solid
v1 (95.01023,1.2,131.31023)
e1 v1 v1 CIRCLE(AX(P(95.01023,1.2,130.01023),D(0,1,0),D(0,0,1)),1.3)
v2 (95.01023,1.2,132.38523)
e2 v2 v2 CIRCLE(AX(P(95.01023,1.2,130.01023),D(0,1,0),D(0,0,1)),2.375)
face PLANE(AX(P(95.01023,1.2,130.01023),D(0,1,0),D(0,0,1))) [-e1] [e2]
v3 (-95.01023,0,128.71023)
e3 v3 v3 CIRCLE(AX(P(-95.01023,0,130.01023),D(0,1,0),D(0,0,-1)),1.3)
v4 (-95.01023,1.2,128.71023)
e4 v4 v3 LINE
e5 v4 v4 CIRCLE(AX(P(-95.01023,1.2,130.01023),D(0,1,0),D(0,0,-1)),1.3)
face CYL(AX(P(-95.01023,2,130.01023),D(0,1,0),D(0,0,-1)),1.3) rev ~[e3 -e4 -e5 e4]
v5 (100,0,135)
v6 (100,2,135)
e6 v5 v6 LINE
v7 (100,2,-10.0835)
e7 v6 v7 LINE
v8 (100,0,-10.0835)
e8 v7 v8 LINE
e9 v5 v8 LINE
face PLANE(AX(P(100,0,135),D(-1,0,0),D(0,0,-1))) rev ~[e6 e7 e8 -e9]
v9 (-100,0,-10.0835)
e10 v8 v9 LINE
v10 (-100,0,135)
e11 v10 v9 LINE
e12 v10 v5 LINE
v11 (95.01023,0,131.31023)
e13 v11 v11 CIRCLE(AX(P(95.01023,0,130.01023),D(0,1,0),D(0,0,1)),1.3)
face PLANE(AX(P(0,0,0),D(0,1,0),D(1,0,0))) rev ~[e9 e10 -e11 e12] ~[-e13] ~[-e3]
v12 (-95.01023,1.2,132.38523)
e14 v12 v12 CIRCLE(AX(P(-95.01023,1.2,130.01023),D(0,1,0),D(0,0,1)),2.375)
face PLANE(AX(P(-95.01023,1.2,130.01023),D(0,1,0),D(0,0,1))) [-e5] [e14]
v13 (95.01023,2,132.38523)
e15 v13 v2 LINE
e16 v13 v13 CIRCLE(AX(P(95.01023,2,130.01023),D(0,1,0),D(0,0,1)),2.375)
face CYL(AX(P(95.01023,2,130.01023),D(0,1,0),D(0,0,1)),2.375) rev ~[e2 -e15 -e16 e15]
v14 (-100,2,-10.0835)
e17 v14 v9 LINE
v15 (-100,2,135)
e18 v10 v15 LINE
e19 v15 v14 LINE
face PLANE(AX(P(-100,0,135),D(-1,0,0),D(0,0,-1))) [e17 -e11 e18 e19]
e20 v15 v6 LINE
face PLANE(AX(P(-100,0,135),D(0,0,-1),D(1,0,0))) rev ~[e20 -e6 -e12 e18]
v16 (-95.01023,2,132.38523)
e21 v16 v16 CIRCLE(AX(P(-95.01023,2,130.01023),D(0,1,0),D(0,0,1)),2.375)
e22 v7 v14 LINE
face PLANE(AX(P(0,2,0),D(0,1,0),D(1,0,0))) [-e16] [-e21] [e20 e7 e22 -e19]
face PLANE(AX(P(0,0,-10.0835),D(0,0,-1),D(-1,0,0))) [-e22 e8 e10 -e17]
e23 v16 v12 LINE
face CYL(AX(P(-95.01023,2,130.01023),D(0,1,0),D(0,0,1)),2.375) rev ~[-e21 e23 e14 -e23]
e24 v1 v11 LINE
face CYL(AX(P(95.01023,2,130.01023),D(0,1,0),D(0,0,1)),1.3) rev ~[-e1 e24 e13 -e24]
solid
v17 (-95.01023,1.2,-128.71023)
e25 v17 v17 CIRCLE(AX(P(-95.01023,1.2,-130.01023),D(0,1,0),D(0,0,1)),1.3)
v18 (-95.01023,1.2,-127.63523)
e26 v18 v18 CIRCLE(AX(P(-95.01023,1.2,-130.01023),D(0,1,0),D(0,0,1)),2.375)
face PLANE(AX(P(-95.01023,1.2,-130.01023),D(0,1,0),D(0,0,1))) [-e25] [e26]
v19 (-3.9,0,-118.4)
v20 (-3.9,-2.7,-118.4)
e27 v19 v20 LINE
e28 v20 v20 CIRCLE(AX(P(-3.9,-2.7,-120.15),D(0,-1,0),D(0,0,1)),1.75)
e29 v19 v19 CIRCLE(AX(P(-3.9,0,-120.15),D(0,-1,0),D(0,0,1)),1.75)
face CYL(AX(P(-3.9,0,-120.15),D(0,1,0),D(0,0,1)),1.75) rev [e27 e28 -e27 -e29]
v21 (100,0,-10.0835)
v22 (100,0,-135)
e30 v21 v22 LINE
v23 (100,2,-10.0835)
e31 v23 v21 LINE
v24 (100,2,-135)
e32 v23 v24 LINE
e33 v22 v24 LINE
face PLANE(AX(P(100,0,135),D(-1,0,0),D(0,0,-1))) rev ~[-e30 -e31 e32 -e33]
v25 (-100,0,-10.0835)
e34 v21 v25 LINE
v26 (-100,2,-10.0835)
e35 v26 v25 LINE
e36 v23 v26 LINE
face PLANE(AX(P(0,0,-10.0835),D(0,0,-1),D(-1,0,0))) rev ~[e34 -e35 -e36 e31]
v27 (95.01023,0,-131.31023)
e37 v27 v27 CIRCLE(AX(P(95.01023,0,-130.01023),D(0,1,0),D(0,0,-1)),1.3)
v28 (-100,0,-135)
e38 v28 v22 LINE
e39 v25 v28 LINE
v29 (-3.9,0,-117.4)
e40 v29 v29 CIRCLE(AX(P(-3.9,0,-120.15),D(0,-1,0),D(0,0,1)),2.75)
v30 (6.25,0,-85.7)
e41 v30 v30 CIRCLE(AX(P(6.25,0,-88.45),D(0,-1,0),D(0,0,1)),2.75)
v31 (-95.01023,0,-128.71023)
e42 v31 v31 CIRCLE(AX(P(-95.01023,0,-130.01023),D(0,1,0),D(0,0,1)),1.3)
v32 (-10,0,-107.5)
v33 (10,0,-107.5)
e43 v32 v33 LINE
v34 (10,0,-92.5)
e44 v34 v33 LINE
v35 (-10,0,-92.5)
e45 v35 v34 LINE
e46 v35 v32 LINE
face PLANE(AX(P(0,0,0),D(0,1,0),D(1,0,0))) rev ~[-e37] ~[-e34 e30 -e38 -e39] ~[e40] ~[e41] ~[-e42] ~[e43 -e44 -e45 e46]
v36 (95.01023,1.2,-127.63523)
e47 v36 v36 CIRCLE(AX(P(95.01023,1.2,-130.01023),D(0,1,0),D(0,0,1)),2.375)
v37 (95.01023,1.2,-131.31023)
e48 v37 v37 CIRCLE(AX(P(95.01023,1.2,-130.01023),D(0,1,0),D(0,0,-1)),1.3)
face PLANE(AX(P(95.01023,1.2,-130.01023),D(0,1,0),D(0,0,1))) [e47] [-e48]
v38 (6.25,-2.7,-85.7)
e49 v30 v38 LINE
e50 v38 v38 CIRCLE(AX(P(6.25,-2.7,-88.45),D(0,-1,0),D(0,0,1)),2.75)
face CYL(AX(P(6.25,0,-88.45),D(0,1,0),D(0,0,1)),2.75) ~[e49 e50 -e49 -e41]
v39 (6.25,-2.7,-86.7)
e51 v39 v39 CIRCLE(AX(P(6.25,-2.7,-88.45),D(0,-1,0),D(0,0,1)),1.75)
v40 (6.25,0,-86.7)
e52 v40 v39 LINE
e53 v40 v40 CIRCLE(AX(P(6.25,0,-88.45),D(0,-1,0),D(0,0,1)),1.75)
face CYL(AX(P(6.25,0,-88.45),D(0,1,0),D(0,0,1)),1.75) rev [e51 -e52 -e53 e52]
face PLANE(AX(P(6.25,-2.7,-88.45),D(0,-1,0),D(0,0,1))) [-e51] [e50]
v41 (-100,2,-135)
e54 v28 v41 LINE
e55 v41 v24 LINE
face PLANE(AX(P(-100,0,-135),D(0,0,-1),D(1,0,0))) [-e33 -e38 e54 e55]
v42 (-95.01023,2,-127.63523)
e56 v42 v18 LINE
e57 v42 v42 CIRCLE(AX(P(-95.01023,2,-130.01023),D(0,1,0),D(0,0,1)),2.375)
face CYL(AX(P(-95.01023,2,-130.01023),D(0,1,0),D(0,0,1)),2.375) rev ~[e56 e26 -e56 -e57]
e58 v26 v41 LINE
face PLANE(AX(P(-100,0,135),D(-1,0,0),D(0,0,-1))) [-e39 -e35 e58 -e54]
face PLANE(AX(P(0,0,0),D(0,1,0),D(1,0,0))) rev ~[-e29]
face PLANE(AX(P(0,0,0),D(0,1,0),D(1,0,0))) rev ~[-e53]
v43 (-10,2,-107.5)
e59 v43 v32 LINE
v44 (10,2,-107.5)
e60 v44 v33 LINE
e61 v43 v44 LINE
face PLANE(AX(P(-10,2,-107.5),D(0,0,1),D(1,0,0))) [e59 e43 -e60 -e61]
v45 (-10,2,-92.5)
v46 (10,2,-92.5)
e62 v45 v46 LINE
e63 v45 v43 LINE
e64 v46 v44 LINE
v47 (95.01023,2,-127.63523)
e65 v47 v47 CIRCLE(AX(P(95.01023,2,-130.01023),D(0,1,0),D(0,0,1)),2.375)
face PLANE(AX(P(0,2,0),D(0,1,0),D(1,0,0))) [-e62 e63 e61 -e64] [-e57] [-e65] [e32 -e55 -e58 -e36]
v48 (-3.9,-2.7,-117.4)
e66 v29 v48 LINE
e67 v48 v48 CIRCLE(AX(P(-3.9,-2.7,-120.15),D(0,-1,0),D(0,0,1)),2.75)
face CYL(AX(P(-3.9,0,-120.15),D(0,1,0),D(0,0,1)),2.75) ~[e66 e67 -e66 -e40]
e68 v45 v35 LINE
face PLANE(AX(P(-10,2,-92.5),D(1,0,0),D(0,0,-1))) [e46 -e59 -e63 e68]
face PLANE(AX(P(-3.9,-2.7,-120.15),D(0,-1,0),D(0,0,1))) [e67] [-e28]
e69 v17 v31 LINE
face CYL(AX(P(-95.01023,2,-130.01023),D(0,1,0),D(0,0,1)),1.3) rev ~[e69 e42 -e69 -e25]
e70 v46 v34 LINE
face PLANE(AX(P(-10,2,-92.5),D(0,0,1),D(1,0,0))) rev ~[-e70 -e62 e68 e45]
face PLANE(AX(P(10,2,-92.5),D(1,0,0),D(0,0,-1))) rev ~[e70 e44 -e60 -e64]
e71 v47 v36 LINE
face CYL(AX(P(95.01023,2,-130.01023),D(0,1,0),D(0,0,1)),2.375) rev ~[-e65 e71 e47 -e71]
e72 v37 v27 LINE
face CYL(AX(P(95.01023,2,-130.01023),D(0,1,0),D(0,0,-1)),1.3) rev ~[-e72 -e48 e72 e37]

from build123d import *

# Parameters (mm, degrees)
SKETCH_1_W          = 200
SKETCH_1_H          = 270
EXTRUDE_1_DEPTH     = 2
SKETCH_2_R          = 1.3
CUT_EXTRUDE_1_DEPTH = 169.014880293
SKETCH_3_R          = 2.375
CUT_EXTRUDE_2_DEPTH = 0.8
SKETCH_4_W          = 20
SKETCH_4_H          = 15
CUT_EXTRUDE_3_DEPTH = 169.014880293
SKETCH_5_R          = 2.75
SKETCH_5_R_2        = 1.75
EXTRUDE_2_DEPTH     = 2.7


with BuildPart() as part:
    # Эскиз1 → Бобышка-Вытянуть1 (new body)
    with BuildSketch(Plane(origin=(0, 0, 0), x_dir=(1, 0, 0), z_dir=(0, 1, 0))):
        Rectangle(SKETCH_1_W, SKETCH_1_H)
    extrude(amount=EXTRUDE_1_DEPTH)

    # Эскиз2 → Вырез-Вытянуть1 (cut, through all)
    with BuildSketch(Plane(origin=(0, 2, 0), x_dir=(1, 0, 0), z_dir=(0, 1, 0))):
        with Locations(Location((-95.01023, 130.01023, 0), (0, 0, 270))):
            Circle(SKETCH_2_R)
        with Locations(Location((95.01023, 130.01023, 0), (0, 0, 90))):
            Circle(SKETCH_2_R)
        with Locations(Location((95.01023, -130.01023, 0), (0, 0, 270))):
            Circle(SKETCH_2_R)
        with Locations(Location((-95.01023, -130.01023, 0), (0, 0, 90))):
            Circle(SKETCH_2_R)
    extrude(amount=-CUT_EXTRUDE_1_DEPTH, mode=Mode.SUBTRACT)

    # Эскиз3 → Вырез-Вытянуть2 (cut)
    with BuildSketch(Plane(origin=(0, 2, 0), x_dir=(1, 0, 0), z_dir=(0, 1, 0))):
        with Locations(Location((-95.01023, 130.01023, 0), (0, 0, 270))):
            Circle(SKETCH_3_R)
        with Locations(Location((95.01023, 130.01023, 0), (0, 0, 270))):
            Circle(SKETCH_3_R)
        with Locations(Location((-95.01023, -130.01023, 0), (0, 0, 270))):
            Circle(SKETCH_3_R)
        with Locations(Location((95.01023, -130.01023, 0), (0, 0, 270))):
            Circle(SKETCH_3_R)
    extrude(amount=-CUT_EXTRUDE_2_DEPTH, mode=Mode.SUBTRACT)

    # Эскиз4 → Вырез-Вытянуть3 (cut, through all)
    with BuildSketch(Plane(origin=(0, 2, 0), x_dir=(1, 0, 0), z_dir=(0, 1, 0))):
        with Locations((0, 100)):
            Rectangle(SKETCH_4_W, SKETCH_4_H)
    extrude(amount=-CUT_EXTRUDE_3_DEPTH, mode=Mode.SUBTRACT)

    # Эскиз5 → Бобышка-Вытянуть2 (add)
    # profile 1 of 2: a face of its own
    with BuildSketch(Plane.XZ):
        with Locations(Location((-3.9, -120.15, 0), (0, 0, 90))):
            Circle(SKETCH_5_R)
        with Locations(Location((-3.9, -120.15, 0), (0, 0, 90))):
            Circle(SKETCH_5_R_2, mode=Mode.SUBTRACT)
    # profile 2 of 2: a face of its own
    with BuildSketch(Plane.XZ):
        with Locations(Location((6.25, -88.45, 0), (0, 0, 90))):
            Circle(SKETCH_5_R)
        with Locations(Location((6.25, -88.45, 0), (0, 0, 90))):
            Circle(SKETCH_5_R_2, mode=Mode.SUBTRACT)
    extrude(amount=EXTRUDE_2_DEPTH)


with BuildPart() as body_2:
    # Split Bodies 1: the piece on the far side of the plane
    add(part.part)
    split(bisect_by=Plane(origin=(0, 0, -10.0835), x_dir=(-1, 0, 0), z_dir=(0, 0, -1)), keep=Keep.BOTTOM)


with BuildPart() as part_1:
    add(part.part)

    # Split Bodies 1
    split(bisect_by=Plane(origin=(0, 0, -10.0835), x_dir=(-1, 0, 0), z_dir=(0, 0, -1)), keep=Keep.TOP)


solid = Compound([body_2.part, part_1.part])
